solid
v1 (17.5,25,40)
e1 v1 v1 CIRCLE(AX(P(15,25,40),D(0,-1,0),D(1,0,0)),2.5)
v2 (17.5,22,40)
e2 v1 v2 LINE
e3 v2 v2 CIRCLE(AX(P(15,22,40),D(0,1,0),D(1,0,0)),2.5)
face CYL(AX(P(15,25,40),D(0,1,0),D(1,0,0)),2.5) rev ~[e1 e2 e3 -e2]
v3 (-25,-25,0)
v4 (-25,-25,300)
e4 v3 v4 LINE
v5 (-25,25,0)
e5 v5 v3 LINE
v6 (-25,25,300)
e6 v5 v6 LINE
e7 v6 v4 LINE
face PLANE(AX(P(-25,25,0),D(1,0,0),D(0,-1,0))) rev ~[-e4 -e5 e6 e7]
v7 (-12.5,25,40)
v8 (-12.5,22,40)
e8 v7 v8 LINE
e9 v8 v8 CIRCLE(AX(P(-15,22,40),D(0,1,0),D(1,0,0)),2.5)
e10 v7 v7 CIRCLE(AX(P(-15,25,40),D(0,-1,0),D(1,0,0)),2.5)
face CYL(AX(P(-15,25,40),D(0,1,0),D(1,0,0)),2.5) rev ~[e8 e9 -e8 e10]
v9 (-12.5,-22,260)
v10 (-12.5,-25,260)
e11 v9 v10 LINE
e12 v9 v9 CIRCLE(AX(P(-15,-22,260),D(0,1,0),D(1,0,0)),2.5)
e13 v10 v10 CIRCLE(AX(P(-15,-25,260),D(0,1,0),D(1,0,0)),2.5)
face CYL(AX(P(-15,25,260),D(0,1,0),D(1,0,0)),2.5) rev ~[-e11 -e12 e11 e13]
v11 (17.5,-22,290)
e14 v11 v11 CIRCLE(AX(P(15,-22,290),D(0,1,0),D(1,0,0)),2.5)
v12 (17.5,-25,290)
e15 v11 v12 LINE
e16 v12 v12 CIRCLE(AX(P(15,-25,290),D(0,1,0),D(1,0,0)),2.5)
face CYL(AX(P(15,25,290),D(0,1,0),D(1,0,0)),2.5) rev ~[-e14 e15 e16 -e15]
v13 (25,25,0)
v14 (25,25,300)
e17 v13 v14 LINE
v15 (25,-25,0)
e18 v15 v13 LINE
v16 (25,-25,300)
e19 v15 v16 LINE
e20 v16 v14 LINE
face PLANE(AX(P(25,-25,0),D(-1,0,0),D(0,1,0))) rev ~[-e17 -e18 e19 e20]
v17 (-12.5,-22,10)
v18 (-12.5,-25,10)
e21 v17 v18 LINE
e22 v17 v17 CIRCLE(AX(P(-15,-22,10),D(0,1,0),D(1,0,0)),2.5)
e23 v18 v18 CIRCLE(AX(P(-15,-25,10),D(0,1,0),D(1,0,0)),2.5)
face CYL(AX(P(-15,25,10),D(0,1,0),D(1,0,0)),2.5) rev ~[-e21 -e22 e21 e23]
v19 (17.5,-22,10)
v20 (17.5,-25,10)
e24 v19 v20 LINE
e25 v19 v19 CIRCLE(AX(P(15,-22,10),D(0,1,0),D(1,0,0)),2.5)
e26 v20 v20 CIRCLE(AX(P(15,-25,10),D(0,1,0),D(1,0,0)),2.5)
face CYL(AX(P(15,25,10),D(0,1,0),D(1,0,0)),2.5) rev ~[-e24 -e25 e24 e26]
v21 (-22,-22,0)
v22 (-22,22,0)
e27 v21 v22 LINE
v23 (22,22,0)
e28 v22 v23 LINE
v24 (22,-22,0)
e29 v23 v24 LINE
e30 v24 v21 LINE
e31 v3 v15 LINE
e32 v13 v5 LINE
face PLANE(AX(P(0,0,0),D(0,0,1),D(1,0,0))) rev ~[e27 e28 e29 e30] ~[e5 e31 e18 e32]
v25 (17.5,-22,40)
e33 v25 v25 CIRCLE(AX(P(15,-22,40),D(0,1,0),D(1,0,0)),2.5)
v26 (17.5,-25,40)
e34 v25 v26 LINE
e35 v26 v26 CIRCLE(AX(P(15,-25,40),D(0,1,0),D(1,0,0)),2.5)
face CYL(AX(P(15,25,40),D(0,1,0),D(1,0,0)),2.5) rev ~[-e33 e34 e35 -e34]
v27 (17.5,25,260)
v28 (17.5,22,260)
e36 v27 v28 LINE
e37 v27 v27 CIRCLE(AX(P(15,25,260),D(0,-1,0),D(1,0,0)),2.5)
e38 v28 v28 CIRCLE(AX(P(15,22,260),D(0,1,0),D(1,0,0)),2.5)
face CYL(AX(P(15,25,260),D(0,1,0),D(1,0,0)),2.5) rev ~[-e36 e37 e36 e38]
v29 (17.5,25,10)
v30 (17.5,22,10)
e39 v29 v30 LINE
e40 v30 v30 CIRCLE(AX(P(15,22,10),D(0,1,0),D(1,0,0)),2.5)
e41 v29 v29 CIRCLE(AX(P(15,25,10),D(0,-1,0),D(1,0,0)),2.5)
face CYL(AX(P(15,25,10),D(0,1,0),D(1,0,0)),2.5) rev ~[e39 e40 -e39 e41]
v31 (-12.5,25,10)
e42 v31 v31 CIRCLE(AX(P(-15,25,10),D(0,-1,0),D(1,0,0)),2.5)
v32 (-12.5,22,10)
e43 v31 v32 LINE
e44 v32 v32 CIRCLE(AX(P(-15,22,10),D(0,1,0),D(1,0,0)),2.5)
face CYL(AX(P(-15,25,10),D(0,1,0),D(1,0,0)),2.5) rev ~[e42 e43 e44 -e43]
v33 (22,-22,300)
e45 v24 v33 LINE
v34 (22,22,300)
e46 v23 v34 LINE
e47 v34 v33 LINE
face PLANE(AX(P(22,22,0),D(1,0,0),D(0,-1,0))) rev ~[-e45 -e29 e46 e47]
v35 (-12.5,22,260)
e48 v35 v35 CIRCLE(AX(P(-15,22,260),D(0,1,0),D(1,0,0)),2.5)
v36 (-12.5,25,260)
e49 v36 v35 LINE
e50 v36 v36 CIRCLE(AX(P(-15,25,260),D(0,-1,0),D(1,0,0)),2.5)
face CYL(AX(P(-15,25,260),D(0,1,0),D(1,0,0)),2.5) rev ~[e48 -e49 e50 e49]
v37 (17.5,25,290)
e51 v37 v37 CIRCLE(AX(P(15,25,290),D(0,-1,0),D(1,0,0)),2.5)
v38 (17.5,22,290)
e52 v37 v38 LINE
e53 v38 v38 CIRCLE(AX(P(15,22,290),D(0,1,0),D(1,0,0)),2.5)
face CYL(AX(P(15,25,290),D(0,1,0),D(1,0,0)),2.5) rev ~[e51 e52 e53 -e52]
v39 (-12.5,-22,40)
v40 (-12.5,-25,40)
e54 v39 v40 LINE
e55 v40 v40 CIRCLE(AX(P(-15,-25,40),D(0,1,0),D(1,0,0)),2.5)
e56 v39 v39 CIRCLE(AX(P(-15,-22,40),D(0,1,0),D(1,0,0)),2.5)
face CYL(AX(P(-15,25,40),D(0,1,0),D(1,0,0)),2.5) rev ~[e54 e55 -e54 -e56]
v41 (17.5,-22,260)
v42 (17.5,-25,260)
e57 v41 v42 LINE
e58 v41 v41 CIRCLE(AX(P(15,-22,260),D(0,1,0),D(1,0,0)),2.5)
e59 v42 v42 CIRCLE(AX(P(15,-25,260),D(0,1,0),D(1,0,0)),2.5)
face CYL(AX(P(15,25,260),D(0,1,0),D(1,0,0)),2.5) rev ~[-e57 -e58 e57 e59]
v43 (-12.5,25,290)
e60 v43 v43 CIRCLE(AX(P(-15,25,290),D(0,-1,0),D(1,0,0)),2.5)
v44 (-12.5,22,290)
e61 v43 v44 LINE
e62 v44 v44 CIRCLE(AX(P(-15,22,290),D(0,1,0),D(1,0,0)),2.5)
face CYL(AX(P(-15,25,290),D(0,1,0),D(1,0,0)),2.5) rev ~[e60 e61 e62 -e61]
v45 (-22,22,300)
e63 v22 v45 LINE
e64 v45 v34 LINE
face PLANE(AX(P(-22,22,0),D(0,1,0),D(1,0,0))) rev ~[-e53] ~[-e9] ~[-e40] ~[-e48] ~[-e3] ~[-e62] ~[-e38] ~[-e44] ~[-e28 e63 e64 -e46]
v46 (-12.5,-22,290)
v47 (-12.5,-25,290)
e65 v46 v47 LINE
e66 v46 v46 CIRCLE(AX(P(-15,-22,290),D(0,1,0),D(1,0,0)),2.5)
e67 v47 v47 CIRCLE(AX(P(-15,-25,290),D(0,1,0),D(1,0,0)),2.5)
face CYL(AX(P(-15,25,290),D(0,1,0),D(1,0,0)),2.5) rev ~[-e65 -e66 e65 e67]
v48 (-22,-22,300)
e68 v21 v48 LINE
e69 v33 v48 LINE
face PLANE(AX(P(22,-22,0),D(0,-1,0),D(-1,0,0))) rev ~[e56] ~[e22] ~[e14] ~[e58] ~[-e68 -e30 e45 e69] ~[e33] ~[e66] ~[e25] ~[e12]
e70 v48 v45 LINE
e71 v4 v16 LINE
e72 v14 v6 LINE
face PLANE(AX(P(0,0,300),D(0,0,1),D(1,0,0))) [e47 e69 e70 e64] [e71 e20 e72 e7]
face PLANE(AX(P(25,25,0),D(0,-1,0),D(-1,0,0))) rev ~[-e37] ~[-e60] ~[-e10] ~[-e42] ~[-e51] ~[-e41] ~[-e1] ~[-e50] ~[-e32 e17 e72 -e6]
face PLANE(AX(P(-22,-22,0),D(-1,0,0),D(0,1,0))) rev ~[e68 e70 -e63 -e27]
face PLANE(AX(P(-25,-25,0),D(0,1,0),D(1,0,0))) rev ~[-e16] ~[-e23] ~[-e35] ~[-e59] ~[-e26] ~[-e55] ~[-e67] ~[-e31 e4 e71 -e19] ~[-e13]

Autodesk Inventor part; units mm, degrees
ref_plane "YZ Plane" through (0, 0, 0) normal (1, 0, 0) x (0, 1, 0)
ref_plane "XZ Plane" through (0, 0, 0) normal (0, 1, 0) x (-1, 0, 0)
ref_plane "XY Plane" through (0, 0, 0) normal (0, 0, 1) x (1, 0, 0)
sketch "スケッチ1" plane through (0, 0, 0) normal (0, 0, 1) x (1, 0, 0)
  line L0 (-25, -25) -> (25, -25)
  line L1 (25, -25) -> (25, 25)
  line L2 (25, 25) -> (-25, 25)
  line L3 (-25, 25) -> (-25, -25)
  line L4 (-25, -25) -> (25, 25) construction
  line L5 (25, -25) -> (-25, 25) construction
  line L6 (-22, 22) -> (22, 22)
  line L7 (22, 22) -> (22, -22)
  line L8 (22, -22) -> (-22, -22)
  line L9 (-22, -22) -> (-22, 22)
  point P0 (0, 0)
  dimension "d0" = 50
  dimension "d1" = 50
  dimension "d2" = 3
extrude "押し出し1" add sketch "スケッチ1" along normal blind 300
sketch "スケッチ2" plane through (-25, 25, 0) normal (0, 1, 0) x (1, 0, 0)
  line L0 (0, 0) -> (0, -300) projected
  line L1 (50, 0) -> (0, 0) projected
  line L2 (40, -40) -> (10, -40)
  line L3 (10, -40) -> (10, -10)
  line L4 (10, -10) -> (40, -10)
  line L5 (40, -10) -> (40, -40)
  line L6 (40, -40) -> (10, -10) construction
  line L7 (10, -40) -> (40, -10) construction
  circle A0 centre (10, -10) radius 2.5
  circle A1 centre (40, -10) radius 2.5
  circle A2 centre (10, -40) radius 2.5
  circle A3 centre (40, -40) radius 2.5
  line L8 (40, -290) -> (10, -290)
  line L9 (10, -290) -> (10, -260)
  line L10 (10, -260) -> (40, -260)
  line L11 (40, -260) -> (40, -290)
  line L12 (40, -290) -> (10, -260) construction
  line L13 (10, -290) -> (40, -260) construction
  line L14 (50, -300) -> (0, -300) projected
  circle A4 centre (10, -290) radius 2.5
  circle A5 centre (10, -260) radius 2.5
  circle A6 centre (40, -290) radius 2.5
  circle A7 centre (40, -260) radius 2.5
  point P0 (25, 0)
  point P1 (25, -25)
  point P2 (25, -275)
  dimension "d8" = 30
  dimension "d9" = 30
  dimension "d10" = 25
  dimension "d12" = 10
  dimension "d13" = 5
  dimension "d16" = 30
  dimension "d19" = 30
  dimension "d22" = 30
  dimension "d23" = 30
  dimension "d24" = 10
  dimension "d25" = 10
  dimension "d26" = 5
  dimension "d29" = 30
  dimension "d32" = 30
extrude "押し出し2" cut sketch "スケッチ2" against normal through all contours A2 L3 L2 | L2 L3 A2 | A3 L5 L2 | L2 L5 A3 | A0 L4 L3 | L3 L4 A0 | A1 L4 L5 | L5 L4 A1 | A4 L9 L8 | L8 L9 A4 | A6 L11 L8 | L8 L11 A6 | A5 L10 L9 | L9 L10 A5 | A7 L10 L11 | L11 L10 A7
properties part number "bogie_bar_sample_300" material "アルミニウム 6061"
